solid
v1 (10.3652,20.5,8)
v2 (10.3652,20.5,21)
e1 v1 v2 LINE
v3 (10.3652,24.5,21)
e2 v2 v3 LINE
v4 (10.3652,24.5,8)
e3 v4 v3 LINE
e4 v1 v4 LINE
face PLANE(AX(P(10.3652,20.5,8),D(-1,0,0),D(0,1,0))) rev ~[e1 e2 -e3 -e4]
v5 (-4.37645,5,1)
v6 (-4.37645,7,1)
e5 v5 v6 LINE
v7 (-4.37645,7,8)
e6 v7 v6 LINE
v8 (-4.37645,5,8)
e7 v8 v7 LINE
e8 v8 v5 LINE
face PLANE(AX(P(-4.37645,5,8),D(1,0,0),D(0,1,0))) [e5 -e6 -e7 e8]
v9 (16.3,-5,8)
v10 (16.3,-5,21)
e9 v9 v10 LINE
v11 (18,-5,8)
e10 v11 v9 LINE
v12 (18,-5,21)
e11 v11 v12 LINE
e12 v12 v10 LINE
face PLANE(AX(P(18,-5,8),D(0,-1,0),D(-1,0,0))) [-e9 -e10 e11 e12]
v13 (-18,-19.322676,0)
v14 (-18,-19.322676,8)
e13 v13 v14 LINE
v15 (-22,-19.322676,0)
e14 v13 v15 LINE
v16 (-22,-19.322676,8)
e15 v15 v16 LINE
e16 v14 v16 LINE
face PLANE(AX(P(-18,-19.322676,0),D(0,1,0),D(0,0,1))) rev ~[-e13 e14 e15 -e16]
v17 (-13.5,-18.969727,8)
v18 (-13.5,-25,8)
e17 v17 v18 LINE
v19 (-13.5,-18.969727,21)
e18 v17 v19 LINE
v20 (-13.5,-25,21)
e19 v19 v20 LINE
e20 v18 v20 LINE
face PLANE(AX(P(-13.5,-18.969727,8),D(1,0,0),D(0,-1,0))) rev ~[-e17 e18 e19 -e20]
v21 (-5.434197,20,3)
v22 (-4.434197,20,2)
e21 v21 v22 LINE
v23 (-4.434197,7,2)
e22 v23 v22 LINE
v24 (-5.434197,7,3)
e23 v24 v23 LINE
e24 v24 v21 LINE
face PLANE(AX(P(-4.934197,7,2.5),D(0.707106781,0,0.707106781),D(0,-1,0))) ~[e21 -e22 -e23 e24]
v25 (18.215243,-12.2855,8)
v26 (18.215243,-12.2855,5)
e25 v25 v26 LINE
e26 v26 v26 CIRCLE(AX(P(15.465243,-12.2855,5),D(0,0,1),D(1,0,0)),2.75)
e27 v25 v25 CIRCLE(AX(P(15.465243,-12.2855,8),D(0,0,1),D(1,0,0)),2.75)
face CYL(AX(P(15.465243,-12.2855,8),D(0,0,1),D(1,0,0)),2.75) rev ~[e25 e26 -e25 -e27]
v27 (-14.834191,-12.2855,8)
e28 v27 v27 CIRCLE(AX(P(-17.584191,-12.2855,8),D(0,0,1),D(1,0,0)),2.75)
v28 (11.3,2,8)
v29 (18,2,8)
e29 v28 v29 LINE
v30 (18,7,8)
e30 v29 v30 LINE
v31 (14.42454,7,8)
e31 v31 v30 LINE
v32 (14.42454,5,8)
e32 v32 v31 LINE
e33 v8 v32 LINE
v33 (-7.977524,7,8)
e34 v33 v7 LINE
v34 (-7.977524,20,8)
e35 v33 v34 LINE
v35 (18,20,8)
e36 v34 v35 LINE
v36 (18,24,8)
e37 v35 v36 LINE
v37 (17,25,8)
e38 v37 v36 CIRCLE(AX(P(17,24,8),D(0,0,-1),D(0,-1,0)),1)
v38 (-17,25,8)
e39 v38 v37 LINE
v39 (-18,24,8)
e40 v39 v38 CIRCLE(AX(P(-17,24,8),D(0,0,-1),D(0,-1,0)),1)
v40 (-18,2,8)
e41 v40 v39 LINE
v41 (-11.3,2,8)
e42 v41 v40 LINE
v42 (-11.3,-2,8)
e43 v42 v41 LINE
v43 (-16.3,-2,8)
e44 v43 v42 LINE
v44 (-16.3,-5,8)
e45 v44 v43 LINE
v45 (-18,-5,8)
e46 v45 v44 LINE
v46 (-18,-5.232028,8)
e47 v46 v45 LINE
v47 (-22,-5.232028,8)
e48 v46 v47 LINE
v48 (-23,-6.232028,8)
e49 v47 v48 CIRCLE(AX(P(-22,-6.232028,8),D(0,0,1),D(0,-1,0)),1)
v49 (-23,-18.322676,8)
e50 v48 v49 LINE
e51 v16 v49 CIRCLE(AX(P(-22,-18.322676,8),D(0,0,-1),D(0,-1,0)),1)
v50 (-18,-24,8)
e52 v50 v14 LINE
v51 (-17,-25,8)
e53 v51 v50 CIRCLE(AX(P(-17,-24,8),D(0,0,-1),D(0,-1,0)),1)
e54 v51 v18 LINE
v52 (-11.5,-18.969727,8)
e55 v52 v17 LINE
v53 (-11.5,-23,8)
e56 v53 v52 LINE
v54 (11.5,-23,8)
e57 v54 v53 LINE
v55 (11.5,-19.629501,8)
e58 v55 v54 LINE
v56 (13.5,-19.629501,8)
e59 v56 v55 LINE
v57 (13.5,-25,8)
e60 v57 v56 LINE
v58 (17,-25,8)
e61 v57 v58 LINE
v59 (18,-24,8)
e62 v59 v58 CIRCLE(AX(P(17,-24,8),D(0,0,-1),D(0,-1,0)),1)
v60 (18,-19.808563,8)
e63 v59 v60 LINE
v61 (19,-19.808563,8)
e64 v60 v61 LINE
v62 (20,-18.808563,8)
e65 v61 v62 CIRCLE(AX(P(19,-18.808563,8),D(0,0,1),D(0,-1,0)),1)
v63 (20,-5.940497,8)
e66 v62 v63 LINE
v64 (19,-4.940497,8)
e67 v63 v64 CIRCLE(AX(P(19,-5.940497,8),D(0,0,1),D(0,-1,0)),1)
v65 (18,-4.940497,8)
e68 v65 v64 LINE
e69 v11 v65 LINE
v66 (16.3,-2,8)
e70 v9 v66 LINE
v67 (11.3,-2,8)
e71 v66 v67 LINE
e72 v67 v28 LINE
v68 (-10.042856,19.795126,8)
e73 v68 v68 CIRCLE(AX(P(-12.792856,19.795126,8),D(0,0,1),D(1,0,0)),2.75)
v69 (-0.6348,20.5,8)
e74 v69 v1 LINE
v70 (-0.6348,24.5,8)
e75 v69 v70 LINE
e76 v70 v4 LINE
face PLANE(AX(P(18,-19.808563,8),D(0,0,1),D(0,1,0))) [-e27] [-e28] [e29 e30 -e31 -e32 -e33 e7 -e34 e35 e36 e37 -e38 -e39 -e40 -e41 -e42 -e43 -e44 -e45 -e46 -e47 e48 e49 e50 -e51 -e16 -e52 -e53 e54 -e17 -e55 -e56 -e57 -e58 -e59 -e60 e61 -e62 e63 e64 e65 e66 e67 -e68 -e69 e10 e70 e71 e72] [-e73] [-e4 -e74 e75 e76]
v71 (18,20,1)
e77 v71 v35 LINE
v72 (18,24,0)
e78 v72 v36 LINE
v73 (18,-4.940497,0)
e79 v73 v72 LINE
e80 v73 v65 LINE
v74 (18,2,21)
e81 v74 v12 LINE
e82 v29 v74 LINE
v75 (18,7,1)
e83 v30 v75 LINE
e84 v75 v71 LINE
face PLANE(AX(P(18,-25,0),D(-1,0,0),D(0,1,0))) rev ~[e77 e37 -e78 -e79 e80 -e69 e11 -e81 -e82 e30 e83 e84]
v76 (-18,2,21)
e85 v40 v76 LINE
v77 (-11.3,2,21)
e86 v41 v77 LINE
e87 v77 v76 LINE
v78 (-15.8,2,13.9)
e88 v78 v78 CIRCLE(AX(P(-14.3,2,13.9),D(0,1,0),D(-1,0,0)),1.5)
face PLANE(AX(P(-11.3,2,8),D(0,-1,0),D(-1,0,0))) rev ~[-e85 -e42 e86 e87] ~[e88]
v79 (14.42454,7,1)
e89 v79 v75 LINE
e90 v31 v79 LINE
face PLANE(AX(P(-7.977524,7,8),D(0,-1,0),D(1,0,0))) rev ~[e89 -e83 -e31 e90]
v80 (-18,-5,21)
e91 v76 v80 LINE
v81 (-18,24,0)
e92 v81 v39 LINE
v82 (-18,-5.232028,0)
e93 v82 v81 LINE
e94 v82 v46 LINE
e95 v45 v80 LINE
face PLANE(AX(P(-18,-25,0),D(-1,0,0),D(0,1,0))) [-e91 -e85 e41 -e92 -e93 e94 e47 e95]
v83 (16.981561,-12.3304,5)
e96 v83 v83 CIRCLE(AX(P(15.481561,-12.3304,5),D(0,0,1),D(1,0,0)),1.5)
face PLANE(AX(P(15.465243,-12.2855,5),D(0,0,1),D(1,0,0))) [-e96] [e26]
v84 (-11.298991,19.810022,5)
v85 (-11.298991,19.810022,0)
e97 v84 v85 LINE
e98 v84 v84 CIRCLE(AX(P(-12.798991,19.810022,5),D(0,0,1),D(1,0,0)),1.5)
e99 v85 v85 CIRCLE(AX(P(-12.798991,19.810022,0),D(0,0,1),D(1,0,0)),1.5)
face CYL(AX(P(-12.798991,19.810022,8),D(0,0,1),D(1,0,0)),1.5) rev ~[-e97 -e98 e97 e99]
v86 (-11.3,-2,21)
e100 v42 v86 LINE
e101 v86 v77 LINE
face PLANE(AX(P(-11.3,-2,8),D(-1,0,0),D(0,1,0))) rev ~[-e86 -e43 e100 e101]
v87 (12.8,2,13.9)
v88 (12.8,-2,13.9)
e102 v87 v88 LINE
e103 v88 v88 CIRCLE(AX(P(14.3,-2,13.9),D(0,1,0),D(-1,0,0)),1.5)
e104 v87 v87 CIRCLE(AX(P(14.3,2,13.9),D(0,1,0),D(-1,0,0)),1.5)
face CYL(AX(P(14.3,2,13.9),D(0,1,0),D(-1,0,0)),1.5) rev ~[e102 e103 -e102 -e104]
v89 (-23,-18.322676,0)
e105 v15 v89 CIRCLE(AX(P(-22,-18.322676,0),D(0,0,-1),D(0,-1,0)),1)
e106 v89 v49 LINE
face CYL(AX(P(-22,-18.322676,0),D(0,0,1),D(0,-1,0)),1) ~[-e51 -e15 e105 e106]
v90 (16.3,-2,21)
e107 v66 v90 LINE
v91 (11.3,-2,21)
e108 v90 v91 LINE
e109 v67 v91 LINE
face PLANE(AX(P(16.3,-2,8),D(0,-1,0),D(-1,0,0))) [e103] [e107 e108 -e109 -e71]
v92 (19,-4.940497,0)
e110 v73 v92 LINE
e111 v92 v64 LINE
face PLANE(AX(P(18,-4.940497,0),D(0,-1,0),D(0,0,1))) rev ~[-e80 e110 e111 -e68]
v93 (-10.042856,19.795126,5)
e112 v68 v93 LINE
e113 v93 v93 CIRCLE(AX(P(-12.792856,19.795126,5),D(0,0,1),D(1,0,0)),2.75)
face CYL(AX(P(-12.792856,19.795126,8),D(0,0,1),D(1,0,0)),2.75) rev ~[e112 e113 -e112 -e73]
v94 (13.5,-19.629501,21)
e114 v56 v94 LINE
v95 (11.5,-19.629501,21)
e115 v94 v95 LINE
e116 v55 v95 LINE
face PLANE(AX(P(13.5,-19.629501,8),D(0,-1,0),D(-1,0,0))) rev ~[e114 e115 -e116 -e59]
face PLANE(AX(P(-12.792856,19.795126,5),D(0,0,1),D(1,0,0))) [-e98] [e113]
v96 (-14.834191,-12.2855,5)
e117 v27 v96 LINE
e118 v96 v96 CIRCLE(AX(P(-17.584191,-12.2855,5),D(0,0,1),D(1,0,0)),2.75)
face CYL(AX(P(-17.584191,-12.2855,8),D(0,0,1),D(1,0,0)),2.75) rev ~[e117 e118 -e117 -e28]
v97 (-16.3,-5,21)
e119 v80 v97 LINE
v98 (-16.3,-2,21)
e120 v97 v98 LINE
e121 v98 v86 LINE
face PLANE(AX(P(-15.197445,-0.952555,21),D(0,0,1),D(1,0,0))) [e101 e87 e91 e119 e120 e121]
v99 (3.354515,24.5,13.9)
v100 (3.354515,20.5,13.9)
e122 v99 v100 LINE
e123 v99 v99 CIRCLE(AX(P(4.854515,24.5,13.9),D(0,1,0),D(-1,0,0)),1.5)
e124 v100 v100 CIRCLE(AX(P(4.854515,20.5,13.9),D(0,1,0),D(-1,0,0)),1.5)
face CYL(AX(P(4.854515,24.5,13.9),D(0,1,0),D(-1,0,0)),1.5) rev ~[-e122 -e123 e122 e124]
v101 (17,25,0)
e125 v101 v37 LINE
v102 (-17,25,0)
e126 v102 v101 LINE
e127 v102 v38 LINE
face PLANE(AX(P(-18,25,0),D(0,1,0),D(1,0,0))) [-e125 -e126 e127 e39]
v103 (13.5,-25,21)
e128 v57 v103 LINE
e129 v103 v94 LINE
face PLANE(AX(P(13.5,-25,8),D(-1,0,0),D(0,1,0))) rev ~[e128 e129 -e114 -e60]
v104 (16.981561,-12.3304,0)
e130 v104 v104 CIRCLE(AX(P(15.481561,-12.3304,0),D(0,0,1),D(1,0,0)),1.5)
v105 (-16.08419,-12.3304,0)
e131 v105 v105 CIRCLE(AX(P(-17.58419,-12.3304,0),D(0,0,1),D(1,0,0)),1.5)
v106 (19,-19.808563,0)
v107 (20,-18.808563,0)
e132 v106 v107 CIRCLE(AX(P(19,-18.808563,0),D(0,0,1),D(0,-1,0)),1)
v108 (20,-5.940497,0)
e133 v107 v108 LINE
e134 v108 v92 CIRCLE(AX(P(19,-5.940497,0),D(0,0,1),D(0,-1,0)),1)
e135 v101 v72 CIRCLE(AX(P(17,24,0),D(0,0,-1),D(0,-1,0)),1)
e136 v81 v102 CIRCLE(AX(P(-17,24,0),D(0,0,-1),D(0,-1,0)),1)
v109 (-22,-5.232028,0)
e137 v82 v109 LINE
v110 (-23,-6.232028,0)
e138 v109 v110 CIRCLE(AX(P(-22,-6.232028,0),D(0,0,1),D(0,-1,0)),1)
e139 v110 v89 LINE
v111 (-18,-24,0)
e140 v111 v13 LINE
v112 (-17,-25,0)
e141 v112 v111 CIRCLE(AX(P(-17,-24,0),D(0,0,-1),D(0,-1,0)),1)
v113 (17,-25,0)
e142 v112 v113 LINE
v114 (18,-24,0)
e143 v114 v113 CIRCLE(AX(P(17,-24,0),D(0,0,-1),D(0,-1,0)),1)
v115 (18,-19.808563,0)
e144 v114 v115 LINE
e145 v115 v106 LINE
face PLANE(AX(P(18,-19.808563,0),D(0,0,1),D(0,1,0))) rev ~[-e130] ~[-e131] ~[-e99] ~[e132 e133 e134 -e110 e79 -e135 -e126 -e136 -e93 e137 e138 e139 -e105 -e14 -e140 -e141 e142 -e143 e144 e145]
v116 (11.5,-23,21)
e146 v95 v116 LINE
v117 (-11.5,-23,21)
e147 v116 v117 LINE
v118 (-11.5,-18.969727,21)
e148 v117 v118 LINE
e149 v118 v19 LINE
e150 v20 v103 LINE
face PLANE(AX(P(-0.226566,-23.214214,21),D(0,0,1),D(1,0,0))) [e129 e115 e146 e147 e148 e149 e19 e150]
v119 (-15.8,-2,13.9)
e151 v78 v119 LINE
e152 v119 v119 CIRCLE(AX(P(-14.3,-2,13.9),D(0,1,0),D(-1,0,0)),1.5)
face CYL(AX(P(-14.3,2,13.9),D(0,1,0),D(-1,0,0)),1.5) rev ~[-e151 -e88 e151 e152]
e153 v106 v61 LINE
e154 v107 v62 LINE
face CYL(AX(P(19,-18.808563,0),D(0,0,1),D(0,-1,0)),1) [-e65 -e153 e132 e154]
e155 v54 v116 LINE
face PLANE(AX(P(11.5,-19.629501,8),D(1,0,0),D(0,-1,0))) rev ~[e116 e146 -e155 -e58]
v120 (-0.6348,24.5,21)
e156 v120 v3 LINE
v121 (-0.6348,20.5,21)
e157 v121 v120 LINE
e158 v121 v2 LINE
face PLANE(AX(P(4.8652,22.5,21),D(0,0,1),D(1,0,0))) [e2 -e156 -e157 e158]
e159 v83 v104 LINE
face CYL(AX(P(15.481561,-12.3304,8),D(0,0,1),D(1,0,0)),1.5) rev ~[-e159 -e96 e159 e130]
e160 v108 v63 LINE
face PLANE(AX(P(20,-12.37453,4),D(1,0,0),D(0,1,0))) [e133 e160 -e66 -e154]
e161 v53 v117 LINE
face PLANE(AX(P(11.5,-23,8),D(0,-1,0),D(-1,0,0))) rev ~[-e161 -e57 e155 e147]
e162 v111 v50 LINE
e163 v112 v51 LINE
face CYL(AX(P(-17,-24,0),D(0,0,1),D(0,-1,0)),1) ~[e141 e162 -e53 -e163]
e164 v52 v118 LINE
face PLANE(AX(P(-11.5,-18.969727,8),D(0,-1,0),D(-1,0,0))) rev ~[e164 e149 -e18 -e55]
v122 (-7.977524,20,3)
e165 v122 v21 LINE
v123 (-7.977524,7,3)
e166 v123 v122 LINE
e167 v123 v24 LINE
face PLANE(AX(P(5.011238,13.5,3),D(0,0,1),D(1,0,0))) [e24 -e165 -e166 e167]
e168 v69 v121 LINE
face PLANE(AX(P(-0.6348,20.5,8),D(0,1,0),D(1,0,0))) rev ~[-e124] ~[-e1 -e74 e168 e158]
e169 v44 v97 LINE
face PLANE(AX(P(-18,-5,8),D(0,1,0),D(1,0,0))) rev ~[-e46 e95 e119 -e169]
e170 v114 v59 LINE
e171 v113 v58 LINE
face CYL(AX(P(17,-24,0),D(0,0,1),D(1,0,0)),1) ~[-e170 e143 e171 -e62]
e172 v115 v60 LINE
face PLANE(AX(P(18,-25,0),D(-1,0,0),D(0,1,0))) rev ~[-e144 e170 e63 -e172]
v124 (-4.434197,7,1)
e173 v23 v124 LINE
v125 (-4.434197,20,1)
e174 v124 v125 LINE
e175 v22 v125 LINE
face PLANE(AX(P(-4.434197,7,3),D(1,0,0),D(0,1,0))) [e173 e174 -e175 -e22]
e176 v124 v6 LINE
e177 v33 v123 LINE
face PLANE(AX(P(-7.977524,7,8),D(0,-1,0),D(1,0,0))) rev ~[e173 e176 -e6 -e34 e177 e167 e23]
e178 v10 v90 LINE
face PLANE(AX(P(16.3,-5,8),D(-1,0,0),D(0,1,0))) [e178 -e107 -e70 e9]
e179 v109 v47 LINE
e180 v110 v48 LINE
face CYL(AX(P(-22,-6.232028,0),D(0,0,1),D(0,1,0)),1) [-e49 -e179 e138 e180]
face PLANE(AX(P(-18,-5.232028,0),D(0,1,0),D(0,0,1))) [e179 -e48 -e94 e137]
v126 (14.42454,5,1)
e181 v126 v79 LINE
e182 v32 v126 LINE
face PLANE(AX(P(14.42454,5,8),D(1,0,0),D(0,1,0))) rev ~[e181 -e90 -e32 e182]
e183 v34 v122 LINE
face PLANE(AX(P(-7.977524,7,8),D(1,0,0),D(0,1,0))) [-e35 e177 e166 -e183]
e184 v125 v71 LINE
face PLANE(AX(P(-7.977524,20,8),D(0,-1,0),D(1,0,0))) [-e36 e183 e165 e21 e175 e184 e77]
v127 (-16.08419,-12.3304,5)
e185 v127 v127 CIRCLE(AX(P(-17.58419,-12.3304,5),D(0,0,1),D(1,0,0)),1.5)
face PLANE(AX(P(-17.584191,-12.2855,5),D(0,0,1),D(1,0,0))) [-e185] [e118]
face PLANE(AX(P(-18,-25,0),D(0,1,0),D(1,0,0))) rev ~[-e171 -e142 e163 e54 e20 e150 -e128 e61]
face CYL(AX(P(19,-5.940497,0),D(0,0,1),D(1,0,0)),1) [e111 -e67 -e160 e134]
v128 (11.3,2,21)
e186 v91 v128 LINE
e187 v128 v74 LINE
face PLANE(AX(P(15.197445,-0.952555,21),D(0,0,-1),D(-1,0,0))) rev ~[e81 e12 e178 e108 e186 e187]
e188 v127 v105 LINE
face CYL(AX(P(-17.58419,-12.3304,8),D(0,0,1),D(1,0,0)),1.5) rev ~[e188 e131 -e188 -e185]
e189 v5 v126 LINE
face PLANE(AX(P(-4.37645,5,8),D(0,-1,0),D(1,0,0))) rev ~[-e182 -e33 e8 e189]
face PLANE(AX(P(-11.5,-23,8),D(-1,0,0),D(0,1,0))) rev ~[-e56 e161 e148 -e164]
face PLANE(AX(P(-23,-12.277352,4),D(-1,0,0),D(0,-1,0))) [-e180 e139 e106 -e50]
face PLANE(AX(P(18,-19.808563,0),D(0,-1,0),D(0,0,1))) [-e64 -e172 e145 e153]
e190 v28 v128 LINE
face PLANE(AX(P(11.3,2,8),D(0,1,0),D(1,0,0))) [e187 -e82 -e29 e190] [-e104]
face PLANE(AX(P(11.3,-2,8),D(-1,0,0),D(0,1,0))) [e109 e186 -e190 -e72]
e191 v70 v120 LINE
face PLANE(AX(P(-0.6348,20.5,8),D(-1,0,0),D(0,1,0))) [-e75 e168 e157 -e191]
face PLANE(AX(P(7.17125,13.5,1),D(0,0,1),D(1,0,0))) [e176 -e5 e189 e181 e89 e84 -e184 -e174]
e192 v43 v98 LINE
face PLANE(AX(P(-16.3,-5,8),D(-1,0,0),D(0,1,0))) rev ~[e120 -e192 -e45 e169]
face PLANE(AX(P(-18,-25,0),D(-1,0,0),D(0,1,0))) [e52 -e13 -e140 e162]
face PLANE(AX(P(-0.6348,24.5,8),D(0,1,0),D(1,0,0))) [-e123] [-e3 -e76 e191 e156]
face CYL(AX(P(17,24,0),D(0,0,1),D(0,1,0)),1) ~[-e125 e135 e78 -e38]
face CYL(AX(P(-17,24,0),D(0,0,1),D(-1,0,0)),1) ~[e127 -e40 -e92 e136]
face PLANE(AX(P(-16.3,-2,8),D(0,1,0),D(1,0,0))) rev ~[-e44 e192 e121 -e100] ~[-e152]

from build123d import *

# Parameters (mm, degrees)
SKETCH_W        = 36
SKETCH_H        = 50
PAD_DEPTH       = 8
PAD001_DEPTH    = 13
SKETCH004_W     = 11
SKETCH004_H     = 4
PAD003_DEPTH    = 13
PAD002_DEPTH    = 13
SKETCH005_W     = 25.977524
SKETCH005_H     = 13
POCKET_DEPTH    = 5
SKETCH006_R     = 1.5
POCKET001_DEPTH = 5
SKETCH007_R     = 1.5
POCKET002_DEPTH = 5
CHAMFER_SIZE    = 2
CHAMFER001_SIZE = 2
CHAMFER002_SIZE = 3
CHAMFER003_SIZE = 2
SKETCH008_W     = 23.210894
SKETCH008_H     = 13
POCKET003_DEPTH = 2
CHAMFER004_SIZE = 1
SKETCH009_W     = 14.868066
SKETCH009_H     = 8
PAD004_DEPTH    = 2
FILLET_R        = 1
FILLET001_R     = 1
FILLET002_R     = 1
SKETCH011_W     = 14.090648
SKETCH011_H     = 8
PAD005_DEPTH    = 5
FILLET003_R     = 1
SKETCH012_R     = 1.5
POCKET004_DEPTH = 8.001
SKETCH013_R     = 2.75
POCKET005_DEPTH = 3
SKETCH014_W     = 18.80099
SKETCH014_H     = 2
POCKET006_DEPTH = 7


with BuildPart() as pad003:
    # Sketch → Pad (new body)
    with BuildSketch(Plane.XY):
        Rectangle(SKETCH_W, SKETCH_H)
    extrude(amount=PAD_DEPTH)

    # Sketch002 → Pad001 (new body)
    with BuildSketch(Plane.XY.offset(8)):
        Polygon((-13.5, -25), (13.5, -25), (13.5, -19.629501), (11.5, -19.629501), (11.5, -23), (-11.5, -23), (-11.5, -18.969727), (-13.5, -18.969727), align=None)
    extrude(amount=PAD001_DEPTH)

    # Sketch004 → Pad003 (new body)
    with BuildSketch(Plane.XY.offset(8)):
        with Locations((4.8652, 22.5)):
            Rectangle(SKETCH004_W, SKETCH004_H)
    extrude(amount=PAD003_DEPTH)


with BuildPart() as pocket006:
    # Sketch003 → Pad002 (new body)
    with BuildSketch(Plane.XY.offset(8)):
        Polygon((11.3, 2), (18, 2), (18, -5), (16.3, -5), (16.3, -2), (11.3, -2), align=None)
        Polygon((-11.3, 2), (-18, 2), (-18, -5), (-16.3, -5), (-16.3, -2), (-11.3, -2), align=None)
    extrude(amount=PAD002_DEPTH)

    # Fusion: union Pad003
    add(pad003.part)

    # Sketch005 → Pocket (cut)
    with BuildSketch(Plane.XY.offset(8)):
        with Locations((5.011238, 13.5)):
            Rectangle(SKETCH005_W, SKETCH005_H)
    extrude(amount=-POCKET_DEPTH, mode=Mode.SUBTRACT)

    # Sketch006 → Pocket001 (cut)
    with BuildSketch(Plane(origin=(0, 2, 0), x_dir=(-1, 0, 0), z_dir=(0, 1, 0))):
        with Locations((-14.3, 13.9)):
            Circle(SKETCH006_R)
        with Locations((14.3, 13.9)):
            Circle(SKETCH006_R)
    extrude(amount=-POCKET001_DEPTH, mode=Mode.SUBTRACT)

    # Sketch007 → Pocket002 (cut)
    with BuildSketch(Plane(origin=(0, 24.5, 0), x_dir=(-1, 0, 0), z_dir=(0, 1, 0))):
        with Locations((-4.854515, 13.9)):
            Circle(SKETCH007_R)
    extrude(amount=-POCKET002_DEPTH, mode=Mode.SUBTRACT)

    # Chamfer
    chamfer_edges = [pocket006.edges().sort_by_distance(p)[0] for p in [
        (18, 13.5, 3),
    ]]
    chamfer(chamfer_edges, length=CHAMFER_SIZE)

    # Chamfer001
    chamfer001_edges = [pocket006.edges().sort_by_distance(p)[0] for p in [
        (16, 13.5, 3),
    ]]
    chamfer(chamfer001_edges, length=CHAMFER001_SIZE)

    # Chamfer002
    chamfer002_edges = [pocket006.edges().sort_by_distance(p)[0] for p in [
        (14, 13.5, 3),
    ]]
    chamfer(chamfer002_edges, length=CHAMFER002_SIZE)

    # Chamfer003
    chamfer003_edges = [pocket006.edges().sort_by_distance(p)[0] for p in [
        (11, 13.5, 3),
    ]]
    chamfer(chamfer003_edges, length=CHAMFER003_SIZE)

    # Sketch008 → Pocket003 (cut)
    with BuildSketch(Plane.XY.offset(3)):
        with Locations((7.17125, 13.5)):
            Rectangle(SKETCH008_W, SKETCH008_H)
    extrude(amount=-POCKET003_DEPTH, mode=Mode.SUBTRACT)

    # Chamfer004
    chamfer004_edges = [pocket006.edges().sort_by_distance(p)[0] for p in [
        (-4.434197, 13.5, 3),
    ]]
    chamfer(chamfer004_edges, length=CHAMFER004_SIZE)

    # Sketch009 → Pad004 (new body)
    with BuildSketch(Plane.YZ.offset(18)):
        with Locations((-12.37453, 4)):
            Rectangle(SKETCH009_W, SKETCH009_H)
    extrude(amount=PAD004_DEPTH)

    # Fillet
    fillet_edges = [pocket006.edges().sort_by_distance(p)[0] for p in [
        (20, -19.808563, 4),
        (20, -4.940497, 4),
    ]]
    fillet(fillet_edges, radius=FILLET_R)

    # Fillet001
    fillet001_edges = [pocket006.edges().sort_by_distance(p)[0] for p in [
        (18, -25, 4),
        (18, 25, 4),
    ]]
    fillet(fillet001_edges, radius=FILLET001_R)

    # Fillet002
    fillet002_edges = [pocket006.edges().sort_by_distance(p)[0] for p in [
        (-18, 25, 4),
        (-18, -25, 4),
    ]]
    fillet(fillet002_edges, radius=FILLET002_R)

    # Sketch011 → Pad005 (new body)
    with BuildSketch(Plane(origin=(-18, 0, 0), x_dir=(0, -1, 0), z_dir=(-1, 0, 0))):
        with Locations((12.277352, 4)):
            Rectangle(SKETCH011_W, SKETCH011_H)
    extrude(amount=PAD005_DEPTH)

    # Fillet003
    fillet003_edges = [pocket006.edges().sort_by_distance(p)[0] for p in [
        (-23, -5.232028, 4),
        (-23, -19.322676, 4),
    ]]
    fillet(fillet003_edges, radius=FILLET003_R)

    # Sketch012 → Pocket004 (cut, through all)
    with BuildSketch(Plane.XY.offset(8)):
        with Locations((-17.58419, -12.3304)):
            Circle(SKETCH012_R)
        with Locations((15.481561, -12.3304)):
            Circle(SKETCH012_R)
        with Locations((-12.798991, 19.810022)):
            Circle(SKETCH012_R)
    extrude(amount=-POCKET004_DEPTH, mode=Mode.SUBTRACT)

    # Sketch013 → Pocket005 (cut)
    with BuildSketch(Plane.XY.offset(8)):
        with Locations((-17.584191, -12.2855)):
            Circle(SKETCH013_R)
        with Locations((15.465243, -12.2855)):
            Circle(SKETCH013_R)
        with Locations((-12.792856, 19.795126)):
            Circle(SKETCH013_R)
    extrude(amount=-POCKET005_DEPTH, mode=Mode.SUBTRACT)

    # Sketch014 → Pocket006 (cut)
    with BuildSketch(Plane.XY.offset(8)):
        with Locations((5.024045, 6)):
            Rectangle(SKETCH014_W, SKETCH014_H)
    extrude(amount=-POCKET006_DEPTH, mode=Mode.SUBTRACT)


solid = pocket006.part
